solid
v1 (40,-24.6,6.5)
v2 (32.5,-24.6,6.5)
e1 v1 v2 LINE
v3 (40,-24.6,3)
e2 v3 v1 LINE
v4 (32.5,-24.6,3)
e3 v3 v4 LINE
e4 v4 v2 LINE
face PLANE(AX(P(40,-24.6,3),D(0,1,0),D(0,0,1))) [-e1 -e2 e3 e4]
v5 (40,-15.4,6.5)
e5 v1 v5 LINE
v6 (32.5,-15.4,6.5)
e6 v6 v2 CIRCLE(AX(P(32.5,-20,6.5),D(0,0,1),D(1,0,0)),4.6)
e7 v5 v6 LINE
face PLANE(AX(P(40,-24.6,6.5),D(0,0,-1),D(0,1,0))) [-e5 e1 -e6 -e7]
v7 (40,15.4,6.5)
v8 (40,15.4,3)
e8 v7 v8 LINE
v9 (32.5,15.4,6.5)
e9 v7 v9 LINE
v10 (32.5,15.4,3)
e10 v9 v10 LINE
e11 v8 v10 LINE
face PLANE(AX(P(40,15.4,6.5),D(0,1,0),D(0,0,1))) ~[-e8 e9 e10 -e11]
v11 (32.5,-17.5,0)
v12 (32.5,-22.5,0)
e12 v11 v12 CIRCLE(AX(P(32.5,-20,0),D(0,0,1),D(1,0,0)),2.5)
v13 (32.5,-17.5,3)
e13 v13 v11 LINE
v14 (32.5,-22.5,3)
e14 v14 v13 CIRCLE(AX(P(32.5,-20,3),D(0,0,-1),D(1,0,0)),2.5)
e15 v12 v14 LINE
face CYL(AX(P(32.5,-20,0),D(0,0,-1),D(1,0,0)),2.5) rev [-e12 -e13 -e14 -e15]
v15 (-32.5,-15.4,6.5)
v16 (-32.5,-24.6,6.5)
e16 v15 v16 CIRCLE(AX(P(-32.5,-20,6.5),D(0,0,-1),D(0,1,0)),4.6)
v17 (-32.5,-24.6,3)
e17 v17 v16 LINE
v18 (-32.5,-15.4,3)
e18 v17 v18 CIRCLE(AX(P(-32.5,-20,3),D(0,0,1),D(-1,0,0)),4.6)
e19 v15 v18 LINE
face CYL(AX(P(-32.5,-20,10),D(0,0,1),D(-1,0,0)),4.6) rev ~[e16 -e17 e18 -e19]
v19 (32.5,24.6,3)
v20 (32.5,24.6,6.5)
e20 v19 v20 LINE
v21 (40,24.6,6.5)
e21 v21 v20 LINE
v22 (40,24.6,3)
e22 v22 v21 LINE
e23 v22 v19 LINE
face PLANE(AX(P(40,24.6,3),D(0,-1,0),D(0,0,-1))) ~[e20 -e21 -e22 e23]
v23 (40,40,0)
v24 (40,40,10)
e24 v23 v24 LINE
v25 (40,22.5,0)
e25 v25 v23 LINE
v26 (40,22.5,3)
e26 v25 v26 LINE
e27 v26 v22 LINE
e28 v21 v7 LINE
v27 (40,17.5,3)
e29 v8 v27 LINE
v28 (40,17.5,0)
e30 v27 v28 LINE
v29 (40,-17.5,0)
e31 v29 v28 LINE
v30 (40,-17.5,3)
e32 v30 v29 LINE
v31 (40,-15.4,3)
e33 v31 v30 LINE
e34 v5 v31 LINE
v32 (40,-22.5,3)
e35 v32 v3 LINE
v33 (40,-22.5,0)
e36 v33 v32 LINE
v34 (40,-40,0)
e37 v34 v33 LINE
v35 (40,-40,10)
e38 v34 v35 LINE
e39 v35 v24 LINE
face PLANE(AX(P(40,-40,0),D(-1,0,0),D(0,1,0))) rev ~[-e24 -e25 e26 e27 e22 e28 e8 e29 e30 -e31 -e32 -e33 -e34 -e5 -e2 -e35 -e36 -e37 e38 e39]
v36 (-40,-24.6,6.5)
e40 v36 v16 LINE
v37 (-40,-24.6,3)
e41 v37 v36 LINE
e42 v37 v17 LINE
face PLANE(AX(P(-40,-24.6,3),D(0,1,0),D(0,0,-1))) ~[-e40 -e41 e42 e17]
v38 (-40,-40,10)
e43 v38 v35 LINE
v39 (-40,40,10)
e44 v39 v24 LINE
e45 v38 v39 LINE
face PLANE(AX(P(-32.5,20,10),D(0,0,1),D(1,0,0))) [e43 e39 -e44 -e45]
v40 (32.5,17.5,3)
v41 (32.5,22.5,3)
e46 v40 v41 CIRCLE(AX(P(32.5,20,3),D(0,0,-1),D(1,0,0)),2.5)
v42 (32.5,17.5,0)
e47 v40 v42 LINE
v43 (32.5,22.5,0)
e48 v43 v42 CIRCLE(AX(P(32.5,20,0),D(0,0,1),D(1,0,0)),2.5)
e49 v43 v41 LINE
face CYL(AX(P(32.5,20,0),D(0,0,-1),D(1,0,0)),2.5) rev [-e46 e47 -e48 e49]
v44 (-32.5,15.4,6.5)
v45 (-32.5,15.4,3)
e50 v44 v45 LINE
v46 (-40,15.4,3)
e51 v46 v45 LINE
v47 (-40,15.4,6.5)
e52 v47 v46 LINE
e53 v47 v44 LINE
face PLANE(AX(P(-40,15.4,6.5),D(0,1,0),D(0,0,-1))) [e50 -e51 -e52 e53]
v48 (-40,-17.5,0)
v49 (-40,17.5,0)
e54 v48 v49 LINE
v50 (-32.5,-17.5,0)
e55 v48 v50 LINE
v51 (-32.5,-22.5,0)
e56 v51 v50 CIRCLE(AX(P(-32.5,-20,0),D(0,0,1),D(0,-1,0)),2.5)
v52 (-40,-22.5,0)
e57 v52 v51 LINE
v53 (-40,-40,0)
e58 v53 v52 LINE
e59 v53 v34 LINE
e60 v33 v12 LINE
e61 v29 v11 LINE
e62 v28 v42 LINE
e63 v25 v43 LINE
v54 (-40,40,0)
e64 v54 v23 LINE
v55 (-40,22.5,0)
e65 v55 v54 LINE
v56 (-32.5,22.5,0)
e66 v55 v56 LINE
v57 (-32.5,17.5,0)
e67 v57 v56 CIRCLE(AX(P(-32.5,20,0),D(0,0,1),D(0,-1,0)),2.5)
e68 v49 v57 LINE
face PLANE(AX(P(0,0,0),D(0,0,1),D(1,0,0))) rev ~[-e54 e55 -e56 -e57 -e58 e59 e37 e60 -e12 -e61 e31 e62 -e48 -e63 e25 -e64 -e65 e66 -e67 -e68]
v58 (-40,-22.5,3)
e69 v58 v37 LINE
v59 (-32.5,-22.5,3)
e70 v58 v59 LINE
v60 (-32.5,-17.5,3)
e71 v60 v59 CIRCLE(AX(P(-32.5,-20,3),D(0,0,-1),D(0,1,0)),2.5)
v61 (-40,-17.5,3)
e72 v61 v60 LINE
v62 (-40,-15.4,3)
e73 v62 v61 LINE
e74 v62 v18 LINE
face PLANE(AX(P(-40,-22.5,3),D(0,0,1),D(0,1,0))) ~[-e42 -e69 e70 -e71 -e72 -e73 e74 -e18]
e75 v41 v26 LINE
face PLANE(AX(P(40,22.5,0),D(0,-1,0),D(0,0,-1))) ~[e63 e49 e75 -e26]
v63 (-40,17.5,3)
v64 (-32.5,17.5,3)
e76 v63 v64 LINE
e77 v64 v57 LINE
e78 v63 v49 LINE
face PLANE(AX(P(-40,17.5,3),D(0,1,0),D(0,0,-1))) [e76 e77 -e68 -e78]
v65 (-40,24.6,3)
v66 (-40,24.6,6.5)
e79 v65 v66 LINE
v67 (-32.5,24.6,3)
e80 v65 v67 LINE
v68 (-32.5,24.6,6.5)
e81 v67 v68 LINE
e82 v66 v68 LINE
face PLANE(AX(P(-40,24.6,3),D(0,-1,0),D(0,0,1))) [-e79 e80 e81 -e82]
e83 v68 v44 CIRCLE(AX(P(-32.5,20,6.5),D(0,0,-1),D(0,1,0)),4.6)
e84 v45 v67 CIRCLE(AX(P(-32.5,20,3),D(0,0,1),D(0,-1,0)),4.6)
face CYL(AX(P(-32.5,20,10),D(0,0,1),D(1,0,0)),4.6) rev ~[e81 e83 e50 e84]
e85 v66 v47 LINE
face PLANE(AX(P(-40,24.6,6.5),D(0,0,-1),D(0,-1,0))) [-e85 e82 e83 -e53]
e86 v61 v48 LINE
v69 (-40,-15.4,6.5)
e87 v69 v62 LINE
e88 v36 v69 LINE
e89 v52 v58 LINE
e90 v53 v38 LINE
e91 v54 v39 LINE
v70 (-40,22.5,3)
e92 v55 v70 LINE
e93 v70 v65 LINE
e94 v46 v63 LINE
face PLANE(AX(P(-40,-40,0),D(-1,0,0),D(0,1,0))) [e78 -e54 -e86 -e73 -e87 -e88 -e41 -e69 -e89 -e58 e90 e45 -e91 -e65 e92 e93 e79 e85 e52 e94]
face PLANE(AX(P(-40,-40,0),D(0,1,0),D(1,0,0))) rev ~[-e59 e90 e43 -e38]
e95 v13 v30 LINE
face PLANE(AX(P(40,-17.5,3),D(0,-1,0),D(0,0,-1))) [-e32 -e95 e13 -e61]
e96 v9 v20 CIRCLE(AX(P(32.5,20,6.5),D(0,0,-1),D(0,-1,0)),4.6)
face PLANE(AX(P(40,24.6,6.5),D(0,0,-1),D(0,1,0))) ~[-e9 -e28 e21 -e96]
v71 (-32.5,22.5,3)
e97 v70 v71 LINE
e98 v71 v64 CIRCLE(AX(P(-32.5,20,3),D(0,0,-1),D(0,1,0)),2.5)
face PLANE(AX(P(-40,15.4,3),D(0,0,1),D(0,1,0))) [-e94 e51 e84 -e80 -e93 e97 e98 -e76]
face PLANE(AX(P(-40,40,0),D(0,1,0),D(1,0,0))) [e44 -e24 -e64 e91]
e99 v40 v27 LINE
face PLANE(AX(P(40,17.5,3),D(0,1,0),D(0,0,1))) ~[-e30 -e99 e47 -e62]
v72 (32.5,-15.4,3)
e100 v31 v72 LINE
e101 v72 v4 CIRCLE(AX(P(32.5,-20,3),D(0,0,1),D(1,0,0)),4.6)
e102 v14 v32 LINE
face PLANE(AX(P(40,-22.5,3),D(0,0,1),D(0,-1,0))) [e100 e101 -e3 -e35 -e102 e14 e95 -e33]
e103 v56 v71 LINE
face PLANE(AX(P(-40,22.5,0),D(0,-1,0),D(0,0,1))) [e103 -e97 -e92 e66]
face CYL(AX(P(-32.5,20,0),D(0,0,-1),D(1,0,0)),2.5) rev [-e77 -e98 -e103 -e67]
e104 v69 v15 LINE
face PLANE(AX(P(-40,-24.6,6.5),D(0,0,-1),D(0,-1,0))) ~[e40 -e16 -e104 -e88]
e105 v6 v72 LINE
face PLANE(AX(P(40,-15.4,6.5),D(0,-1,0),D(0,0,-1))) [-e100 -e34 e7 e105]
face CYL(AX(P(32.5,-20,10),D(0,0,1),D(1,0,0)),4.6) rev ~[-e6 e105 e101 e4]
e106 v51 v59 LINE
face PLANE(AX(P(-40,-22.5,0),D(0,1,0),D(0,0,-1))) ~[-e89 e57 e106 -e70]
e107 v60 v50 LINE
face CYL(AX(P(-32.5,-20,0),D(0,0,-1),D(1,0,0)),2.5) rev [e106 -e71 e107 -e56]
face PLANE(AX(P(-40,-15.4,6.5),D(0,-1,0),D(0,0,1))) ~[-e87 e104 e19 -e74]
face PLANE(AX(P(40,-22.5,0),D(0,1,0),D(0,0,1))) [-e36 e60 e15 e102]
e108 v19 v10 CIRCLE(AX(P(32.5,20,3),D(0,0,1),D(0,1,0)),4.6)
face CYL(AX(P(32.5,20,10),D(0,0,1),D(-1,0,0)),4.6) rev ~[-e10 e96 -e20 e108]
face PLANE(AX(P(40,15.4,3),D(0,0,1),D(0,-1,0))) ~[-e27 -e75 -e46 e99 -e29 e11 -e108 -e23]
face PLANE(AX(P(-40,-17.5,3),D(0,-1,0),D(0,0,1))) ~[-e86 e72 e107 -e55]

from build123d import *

# Parameters (mm, degrees)
ESQUISSE1_W             = 80
ESQUISSE1_H             = 80
ESQUISSE1_R             = 2.5
BOSS_EXTRU_1_DEPTH      = 10
ESQUISSE2_R             = 4.6
ENL_V_MAT_EXTRU_1_DEPTH = 7
ENL_V_MAT_EXTRU_2_DEPTH = 7.5
ESQUISSE5_R             = 4.6
BOSS_EXTRU_2_DEPTH      = 3.5
SYM_TRIE4_COPY_1_DEPTH  = 7.5


with BuildPart() as part:
    # Esquisse1 → Boss.-Extru.1 (new body)
    with BuildSketch(Plane.XY):
        Rectangle(ESQUISSE1_W, ESQUISSE1_H)
        with Locations((-32.5, 20)):
            Circle(ESQUISSE1_R, mode=Mode.SUBTRACT)
        with Locations((-32.5, -20)):
            Circle(ESQUISSE1_R, mode=Mode.SUBTRACT)
        with Locations((32.5, -20)):
            Circle(ESQUISSE1_R, mode=Mode.SUBTRACT)
        with Locations((32.5, 20)):
            Circle(ESQUISSE1_R, mode=Mode.SUBTRACT)
    extrude(amount=BOSS_EXTRU_1_DEPTH)

    # Esquisse2 → Enlèv. mat.-Extru.1 (cut)
    with BuildSketch(Plane.XY.offset(10)):
        with Locations((-32.5, 20)):
            Circle(ESQUISSE2_R)
        with Locations(Location((-32.5, -20, 0), (0, 0, 180))):
            Circle(ESQUISSE2_R)
        with Locations((32.5, -20)):
            Circle(ESQUISSE2_R)
        with Locations(Location((32.5, 20, 0), (0, 0, 180))):
            Circle(ESQUISSE2_R)
    extrude(amount=-ENL_V_MAT_EXTRU_1_DEPTH, mode=Mode.SUBTRACT)

    # Esquisse4 → Enlèv. mat.-Extru.2 (cut)
    with BuildSketch(Plane.ZY.offset(40)):
        Polygon((6.5, 24.6), (6.5, 15.4), (3, 15.4), (3, 17.5), (0, 17.5), (0, 22.5), (3, 22.5), (3, 24.6), align=None)
    enl_v_mat_extru_2 = extrude(amount=-ENL_V_MAT_EXTRU_2_DEPTH, mode=Mode.SUBTRACT)

    # Symétrie1: Enlèv. mat.-Extru.2 across plane
    add(enl_v_mat_extru_2.mirror(Plane.ZX), mode=Mode.SUBTRACT)

    # Esquisse5 → Boss.-Extru.2 (add)
    with BuildSketch(Plane.XY.offset(10)):
        with Locations((-32.5, 20)):
            Circle(ESQUISSE5_R)
        with Locations(Location((32.5, 20, 0), (0, 0, 90))):
            Circle(ESQUISSE5_R)
        with Locations((32.5, -20)):
            Circle(ESQUISSE5_R)
        with Locations((-32.5, -20)):
            Circle(ESQUISSE5_R)
    extrude(amount=-BOSS_EXTRU_2_DEPTH)

    # Symétrie4: Enlèv. mat.-Extru.2 across plane
    add(enl_v_mat_extru_2.mirror(Plane(origin=(0, 0, 0), x_dir=(0, 0, 1), z_dir=(1, 0, 0))), mode=Mode.SUBTRACT)

    # Symétrie4 copy 1 sketch → Symétrie4 copy 1 (cut)
    with BuildSketch(Plane(origin=(40, 0, 0), x_dir=(0, 0, 1), z_dir=(1, 0, 0))):
        Polygon((6.5, 24.6), (6.5, 15.4), (3, 15.4), (3, 17.5), (0, 17.5), (0, 22.5), (3, 22.5), (3, 24.6), align=None)
    extrude(amount=-SYM_TRIE4_COPY_1_DEPTH, mode=Mode.SUBTRACT)


solid = part.part
